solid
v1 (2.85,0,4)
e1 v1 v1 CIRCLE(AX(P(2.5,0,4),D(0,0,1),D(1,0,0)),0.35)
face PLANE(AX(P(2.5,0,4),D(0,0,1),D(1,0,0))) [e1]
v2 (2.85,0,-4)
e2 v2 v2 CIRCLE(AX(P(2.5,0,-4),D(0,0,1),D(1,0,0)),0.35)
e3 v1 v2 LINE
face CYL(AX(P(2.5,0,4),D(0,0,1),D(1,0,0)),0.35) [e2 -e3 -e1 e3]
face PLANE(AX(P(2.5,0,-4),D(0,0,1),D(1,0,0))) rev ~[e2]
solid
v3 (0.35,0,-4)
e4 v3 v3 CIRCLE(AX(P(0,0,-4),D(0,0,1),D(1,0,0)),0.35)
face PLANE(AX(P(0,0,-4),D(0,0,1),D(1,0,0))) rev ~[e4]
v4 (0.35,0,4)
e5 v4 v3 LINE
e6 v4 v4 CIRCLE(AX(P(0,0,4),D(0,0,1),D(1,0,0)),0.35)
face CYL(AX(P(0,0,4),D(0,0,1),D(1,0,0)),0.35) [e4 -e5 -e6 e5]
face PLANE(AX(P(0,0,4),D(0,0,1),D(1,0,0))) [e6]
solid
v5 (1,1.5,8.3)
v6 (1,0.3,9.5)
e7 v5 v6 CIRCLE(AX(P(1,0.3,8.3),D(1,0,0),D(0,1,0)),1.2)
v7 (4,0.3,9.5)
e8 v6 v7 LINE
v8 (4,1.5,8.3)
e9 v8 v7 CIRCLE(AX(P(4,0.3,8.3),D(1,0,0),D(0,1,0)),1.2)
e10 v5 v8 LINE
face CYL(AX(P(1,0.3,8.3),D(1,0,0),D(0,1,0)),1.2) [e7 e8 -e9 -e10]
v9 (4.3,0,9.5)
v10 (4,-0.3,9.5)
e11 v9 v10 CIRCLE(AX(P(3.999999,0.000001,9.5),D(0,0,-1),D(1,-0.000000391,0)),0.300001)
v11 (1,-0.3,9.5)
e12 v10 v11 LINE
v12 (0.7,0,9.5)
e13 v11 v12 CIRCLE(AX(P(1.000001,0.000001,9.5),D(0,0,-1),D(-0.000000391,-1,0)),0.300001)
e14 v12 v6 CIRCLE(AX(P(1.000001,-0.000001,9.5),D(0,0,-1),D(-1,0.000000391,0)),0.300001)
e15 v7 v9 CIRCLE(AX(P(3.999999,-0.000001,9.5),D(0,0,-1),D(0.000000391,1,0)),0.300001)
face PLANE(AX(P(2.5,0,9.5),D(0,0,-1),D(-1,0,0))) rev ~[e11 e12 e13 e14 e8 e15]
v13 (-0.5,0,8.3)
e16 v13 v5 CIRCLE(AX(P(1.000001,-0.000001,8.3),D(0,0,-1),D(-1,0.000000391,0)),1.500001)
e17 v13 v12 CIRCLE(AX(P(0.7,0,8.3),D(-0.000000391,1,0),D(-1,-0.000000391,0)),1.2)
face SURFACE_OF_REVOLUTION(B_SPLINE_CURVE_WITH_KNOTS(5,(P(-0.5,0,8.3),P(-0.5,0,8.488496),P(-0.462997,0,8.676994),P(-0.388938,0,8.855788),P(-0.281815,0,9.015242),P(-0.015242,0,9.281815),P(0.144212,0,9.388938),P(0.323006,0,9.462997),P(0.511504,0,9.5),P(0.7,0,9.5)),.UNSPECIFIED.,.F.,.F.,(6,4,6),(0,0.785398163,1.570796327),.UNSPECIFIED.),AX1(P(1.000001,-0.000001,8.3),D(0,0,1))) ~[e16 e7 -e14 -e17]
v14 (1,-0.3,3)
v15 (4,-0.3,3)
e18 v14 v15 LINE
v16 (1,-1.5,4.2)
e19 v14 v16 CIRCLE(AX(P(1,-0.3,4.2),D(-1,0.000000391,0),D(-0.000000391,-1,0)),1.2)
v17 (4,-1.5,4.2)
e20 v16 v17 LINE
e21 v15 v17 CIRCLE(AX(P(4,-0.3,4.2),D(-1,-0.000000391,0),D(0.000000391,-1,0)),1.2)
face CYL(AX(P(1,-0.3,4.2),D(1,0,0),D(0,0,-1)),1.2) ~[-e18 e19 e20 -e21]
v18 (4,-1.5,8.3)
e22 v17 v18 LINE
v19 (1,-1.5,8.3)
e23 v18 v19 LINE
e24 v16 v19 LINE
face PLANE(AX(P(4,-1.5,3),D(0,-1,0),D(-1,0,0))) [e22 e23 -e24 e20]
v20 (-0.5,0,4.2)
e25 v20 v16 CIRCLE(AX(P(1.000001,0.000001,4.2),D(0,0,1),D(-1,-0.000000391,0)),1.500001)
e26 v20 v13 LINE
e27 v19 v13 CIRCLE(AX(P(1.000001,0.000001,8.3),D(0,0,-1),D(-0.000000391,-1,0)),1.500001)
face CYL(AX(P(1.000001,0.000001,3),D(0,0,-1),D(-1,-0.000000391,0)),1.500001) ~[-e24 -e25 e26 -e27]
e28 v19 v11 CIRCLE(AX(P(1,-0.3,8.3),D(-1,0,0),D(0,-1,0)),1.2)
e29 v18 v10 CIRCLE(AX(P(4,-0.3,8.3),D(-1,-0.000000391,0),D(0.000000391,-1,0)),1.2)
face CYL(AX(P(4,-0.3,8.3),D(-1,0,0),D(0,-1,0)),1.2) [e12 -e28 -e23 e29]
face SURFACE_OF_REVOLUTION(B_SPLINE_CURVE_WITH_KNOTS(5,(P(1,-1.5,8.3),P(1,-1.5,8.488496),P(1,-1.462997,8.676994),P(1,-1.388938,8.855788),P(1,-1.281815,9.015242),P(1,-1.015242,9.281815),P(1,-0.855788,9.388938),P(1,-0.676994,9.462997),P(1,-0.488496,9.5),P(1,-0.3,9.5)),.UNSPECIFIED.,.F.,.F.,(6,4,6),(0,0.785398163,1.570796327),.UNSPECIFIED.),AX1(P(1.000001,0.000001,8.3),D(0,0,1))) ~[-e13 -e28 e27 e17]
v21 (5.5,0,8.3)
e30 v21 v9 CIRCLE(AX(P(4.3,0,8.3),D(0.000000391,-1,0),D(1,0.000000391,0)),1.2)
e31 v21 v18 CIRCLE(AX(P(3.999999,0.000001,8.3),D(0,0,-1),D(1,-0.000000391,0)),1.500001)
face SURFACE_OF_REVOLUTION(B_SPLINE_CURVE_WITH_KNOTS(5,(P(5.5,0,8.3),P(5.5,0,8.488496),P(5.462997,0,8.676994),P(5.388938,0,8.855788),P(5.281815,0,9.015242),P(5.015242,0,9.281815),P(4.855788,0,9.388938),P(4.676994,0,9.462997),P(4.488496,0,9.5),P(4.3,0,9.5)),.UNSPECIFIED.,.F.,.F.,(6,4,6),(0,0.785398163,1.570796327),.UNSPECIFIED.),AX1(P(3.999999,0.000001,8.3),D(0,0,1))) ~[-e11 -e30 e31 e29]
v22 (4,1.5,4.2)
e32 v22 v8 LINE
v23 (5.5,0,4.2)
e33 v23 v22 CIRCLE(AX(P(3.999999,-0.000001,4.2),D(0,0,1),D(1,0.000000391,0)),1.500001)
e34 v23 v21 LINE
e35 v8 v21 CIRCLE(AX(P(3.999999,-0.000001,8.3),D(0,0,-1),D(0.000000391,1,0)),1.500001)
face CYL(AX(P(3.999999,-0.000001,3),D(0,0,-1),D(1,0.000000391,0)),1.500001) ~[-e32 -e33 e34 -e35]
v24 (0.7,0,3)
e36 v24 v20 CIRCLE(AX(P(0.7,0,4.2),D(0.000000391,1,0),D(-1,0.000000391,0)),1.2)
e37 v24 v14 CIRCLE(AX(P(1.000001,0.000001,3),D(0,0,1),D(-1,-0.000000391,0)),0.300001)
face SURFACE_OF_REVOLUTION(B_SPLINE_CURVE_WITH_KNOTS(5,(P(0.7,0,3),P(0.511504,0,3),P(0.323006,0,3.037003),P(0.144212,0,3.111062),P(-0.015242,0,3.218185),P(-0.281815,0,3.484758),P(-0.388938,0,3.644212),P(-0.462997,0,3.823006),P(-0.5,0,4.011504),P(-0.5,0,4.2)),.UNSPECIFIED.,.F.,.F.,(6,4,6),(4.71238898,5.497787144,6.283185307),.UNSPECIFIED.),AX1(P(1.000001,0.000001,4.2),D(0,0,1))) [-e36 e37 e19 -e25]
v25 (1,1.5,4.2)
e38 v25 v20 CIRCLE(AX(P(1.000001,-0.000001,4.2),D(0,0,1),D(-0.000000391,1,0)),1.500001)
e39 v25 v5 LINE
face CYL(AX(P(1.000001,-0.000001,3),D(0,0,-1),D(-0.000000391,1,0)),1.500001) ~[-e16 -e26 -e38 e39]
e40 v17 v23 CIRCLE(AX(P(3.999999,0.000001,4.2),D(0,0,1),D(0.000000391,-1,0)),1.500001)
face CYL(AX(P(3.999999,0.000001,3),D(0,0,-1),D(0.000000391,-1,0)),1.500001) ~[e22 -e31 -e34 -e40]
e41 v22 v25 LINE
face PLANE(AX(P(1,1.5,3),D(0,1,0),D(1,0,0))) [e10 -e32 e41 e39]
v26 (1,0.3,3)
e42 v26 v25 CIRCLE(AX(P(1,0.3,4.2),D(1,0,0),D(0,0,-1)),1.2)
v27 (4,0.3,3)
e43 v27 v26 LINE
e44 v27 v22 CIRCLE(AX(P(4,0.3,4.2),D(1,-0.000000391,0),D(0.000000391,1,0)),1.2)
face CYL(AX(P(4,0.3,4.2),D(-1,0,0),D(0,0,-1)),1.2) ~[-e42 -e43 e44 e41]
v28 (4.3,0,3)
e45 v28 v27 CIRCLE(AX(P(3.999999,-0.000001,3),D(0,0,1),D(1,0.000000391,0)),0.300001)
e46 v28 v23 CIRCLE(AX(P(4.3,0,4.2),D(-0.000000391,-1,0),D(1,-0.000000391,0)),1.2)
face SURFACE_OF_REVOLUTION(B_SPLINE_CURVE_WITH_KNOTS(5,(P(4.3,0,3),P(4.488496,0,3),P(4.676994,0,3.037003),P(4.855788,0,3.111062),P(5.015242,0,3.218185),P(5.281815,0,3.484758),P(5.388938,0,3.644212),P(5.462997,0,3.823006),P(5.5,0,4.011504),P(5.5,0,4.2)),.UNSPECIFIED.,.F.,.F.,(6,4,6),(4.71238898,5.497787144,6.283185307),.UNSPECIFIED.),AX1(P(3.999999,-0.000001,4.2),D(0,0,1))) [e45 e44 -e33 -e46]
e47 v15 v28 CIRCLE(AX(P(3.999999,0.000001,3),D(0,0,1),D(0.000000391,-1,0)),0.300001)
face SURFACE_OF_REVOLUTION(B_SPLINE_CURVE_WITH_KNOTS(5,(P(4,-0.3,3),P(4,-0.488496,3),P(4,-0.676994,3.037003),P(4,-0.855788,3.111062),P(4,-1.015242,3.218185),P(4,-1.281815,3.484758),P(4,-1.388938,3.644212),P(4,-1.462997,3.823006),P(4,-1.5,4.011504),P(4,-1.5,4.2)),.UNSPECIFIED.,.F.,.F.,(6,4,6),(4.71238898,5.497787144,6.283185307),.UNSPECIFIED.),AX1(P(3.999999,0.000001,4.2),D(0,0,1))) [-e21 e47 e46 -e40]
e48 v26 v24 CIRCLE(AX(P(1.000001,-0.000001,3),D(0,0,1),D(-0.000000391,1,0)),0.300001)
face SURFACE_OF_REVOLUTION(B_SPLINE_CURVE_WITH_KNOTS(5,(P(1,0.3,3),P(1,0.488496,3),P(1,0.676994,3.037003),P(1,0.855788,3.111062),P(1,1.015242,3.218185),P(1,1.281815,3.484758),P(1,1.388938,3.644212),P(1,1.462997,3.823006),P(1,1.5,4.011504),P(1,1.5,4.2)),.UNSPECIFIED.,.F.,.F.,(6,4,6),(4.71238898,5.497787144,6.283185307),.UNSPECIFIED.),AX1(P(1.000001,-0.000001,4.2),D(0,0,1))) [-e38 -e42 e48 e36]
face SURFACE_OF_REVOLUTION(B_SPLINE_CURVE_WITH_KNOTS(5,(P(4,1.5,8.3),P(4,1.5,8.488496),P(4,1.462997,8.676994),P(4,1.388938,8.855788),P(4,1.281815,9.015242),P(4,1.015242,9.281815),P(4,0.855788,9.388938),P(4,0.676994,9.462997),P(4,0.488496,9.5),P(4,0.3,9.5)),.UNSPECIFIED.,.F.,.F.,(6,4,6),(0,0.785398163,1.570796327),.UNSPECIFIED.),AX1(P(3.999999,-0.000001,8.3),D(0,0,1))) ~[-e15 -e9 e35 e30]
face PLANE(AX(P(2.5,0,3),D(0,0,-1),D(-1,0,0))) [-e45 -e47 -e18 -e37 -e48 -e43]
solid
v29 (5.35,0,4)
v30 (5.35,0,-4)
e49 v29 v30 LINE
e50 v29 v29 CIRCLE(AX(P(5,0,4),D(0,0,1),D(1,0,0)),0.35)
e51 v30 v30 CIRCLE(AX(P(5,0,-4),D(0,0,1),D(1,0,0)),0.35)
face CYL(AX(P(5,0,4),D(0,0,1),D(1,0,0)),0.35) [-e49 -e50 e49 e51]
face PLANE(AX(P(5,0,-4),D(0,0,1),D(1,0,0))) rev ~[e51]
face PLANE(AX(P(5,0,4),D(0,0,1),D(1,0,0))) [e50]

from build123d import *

# Parameters (mm, degrees)
SKETCH_R     = 0.35
PAD_DEPTH    = 8
PAD002_DEPTH = 6.5
FILLET_R     = 1.2
FILLET001_R  = 1.2


with BuildPart() as pad:
    # Sketch → Pad (new body)
    with BuildSketch(Plane.XY.offset(4)):
        Circle(SKETCH_R)
        with Locations((5, 0)):
            Circle(SKETCH_R)
        with Locations((2.5, 0)):
            Circle(SKETCH_R)
    extrude(amount=-PAD_DEPTH)


with BuildPart() as fillet001:
    # Sketch003 → Pad002 (new body)
    with BuildSketch(Plane.XY.offset(3)):
        with BuildLine():
            Line((1, 1.5), (4, 1.5))
            ThreePointArc((5.5, 0), (5.06066, 1.06066), (4, 1.5))
            ThreePointArc((4, -1.5), (5.06066, -1.06066), (5.5, 0))
            Line((4, -1.5), (1, -1.5))
            ThreePointArc((-0.5, 0), (-0.06066, -1.06066), (1, -1.5))
            ThreePointArc((1, 1.5), (-0.06066, 1.06066), (-0.5, 0))
        make_face()
    extrude(amount=PAD002_DEPTH)

    # Fillet
    fillet_edges = [fillet001.edges().sort_by_distance(p)[0] for p in [
        (2.5, 1.5, 9.5),
        (-0.06066, 1.06066, 9.5),
        (-0.06066, -1.06066, 9.5),
        (2.5, -1.5, 9.5),
        (5.06066, -1.06066, 9.5),
        (5.06066, 1.06066, 9.5),
    ]]
    fillet(fillet_edges, radius=FILLET_R)

    # Fillet001
    fillet001_edges = [fillet001.edges().sort_by_distance(p)[0] for p in [
        (5.06066, -1.06066, 3),
        (5.06066, 1.06066, 3),
        (2.5, 1.5, 3),
        (2.5, -1.5, 3),
        (-0.06066, -1.06066, 3),
        (-0.06066, 1.06066, 3),
    ]]
    fillet(fillet001_edges, radius=FILLET001_R)


solid = Compound([pad.part, fillet001.part])
